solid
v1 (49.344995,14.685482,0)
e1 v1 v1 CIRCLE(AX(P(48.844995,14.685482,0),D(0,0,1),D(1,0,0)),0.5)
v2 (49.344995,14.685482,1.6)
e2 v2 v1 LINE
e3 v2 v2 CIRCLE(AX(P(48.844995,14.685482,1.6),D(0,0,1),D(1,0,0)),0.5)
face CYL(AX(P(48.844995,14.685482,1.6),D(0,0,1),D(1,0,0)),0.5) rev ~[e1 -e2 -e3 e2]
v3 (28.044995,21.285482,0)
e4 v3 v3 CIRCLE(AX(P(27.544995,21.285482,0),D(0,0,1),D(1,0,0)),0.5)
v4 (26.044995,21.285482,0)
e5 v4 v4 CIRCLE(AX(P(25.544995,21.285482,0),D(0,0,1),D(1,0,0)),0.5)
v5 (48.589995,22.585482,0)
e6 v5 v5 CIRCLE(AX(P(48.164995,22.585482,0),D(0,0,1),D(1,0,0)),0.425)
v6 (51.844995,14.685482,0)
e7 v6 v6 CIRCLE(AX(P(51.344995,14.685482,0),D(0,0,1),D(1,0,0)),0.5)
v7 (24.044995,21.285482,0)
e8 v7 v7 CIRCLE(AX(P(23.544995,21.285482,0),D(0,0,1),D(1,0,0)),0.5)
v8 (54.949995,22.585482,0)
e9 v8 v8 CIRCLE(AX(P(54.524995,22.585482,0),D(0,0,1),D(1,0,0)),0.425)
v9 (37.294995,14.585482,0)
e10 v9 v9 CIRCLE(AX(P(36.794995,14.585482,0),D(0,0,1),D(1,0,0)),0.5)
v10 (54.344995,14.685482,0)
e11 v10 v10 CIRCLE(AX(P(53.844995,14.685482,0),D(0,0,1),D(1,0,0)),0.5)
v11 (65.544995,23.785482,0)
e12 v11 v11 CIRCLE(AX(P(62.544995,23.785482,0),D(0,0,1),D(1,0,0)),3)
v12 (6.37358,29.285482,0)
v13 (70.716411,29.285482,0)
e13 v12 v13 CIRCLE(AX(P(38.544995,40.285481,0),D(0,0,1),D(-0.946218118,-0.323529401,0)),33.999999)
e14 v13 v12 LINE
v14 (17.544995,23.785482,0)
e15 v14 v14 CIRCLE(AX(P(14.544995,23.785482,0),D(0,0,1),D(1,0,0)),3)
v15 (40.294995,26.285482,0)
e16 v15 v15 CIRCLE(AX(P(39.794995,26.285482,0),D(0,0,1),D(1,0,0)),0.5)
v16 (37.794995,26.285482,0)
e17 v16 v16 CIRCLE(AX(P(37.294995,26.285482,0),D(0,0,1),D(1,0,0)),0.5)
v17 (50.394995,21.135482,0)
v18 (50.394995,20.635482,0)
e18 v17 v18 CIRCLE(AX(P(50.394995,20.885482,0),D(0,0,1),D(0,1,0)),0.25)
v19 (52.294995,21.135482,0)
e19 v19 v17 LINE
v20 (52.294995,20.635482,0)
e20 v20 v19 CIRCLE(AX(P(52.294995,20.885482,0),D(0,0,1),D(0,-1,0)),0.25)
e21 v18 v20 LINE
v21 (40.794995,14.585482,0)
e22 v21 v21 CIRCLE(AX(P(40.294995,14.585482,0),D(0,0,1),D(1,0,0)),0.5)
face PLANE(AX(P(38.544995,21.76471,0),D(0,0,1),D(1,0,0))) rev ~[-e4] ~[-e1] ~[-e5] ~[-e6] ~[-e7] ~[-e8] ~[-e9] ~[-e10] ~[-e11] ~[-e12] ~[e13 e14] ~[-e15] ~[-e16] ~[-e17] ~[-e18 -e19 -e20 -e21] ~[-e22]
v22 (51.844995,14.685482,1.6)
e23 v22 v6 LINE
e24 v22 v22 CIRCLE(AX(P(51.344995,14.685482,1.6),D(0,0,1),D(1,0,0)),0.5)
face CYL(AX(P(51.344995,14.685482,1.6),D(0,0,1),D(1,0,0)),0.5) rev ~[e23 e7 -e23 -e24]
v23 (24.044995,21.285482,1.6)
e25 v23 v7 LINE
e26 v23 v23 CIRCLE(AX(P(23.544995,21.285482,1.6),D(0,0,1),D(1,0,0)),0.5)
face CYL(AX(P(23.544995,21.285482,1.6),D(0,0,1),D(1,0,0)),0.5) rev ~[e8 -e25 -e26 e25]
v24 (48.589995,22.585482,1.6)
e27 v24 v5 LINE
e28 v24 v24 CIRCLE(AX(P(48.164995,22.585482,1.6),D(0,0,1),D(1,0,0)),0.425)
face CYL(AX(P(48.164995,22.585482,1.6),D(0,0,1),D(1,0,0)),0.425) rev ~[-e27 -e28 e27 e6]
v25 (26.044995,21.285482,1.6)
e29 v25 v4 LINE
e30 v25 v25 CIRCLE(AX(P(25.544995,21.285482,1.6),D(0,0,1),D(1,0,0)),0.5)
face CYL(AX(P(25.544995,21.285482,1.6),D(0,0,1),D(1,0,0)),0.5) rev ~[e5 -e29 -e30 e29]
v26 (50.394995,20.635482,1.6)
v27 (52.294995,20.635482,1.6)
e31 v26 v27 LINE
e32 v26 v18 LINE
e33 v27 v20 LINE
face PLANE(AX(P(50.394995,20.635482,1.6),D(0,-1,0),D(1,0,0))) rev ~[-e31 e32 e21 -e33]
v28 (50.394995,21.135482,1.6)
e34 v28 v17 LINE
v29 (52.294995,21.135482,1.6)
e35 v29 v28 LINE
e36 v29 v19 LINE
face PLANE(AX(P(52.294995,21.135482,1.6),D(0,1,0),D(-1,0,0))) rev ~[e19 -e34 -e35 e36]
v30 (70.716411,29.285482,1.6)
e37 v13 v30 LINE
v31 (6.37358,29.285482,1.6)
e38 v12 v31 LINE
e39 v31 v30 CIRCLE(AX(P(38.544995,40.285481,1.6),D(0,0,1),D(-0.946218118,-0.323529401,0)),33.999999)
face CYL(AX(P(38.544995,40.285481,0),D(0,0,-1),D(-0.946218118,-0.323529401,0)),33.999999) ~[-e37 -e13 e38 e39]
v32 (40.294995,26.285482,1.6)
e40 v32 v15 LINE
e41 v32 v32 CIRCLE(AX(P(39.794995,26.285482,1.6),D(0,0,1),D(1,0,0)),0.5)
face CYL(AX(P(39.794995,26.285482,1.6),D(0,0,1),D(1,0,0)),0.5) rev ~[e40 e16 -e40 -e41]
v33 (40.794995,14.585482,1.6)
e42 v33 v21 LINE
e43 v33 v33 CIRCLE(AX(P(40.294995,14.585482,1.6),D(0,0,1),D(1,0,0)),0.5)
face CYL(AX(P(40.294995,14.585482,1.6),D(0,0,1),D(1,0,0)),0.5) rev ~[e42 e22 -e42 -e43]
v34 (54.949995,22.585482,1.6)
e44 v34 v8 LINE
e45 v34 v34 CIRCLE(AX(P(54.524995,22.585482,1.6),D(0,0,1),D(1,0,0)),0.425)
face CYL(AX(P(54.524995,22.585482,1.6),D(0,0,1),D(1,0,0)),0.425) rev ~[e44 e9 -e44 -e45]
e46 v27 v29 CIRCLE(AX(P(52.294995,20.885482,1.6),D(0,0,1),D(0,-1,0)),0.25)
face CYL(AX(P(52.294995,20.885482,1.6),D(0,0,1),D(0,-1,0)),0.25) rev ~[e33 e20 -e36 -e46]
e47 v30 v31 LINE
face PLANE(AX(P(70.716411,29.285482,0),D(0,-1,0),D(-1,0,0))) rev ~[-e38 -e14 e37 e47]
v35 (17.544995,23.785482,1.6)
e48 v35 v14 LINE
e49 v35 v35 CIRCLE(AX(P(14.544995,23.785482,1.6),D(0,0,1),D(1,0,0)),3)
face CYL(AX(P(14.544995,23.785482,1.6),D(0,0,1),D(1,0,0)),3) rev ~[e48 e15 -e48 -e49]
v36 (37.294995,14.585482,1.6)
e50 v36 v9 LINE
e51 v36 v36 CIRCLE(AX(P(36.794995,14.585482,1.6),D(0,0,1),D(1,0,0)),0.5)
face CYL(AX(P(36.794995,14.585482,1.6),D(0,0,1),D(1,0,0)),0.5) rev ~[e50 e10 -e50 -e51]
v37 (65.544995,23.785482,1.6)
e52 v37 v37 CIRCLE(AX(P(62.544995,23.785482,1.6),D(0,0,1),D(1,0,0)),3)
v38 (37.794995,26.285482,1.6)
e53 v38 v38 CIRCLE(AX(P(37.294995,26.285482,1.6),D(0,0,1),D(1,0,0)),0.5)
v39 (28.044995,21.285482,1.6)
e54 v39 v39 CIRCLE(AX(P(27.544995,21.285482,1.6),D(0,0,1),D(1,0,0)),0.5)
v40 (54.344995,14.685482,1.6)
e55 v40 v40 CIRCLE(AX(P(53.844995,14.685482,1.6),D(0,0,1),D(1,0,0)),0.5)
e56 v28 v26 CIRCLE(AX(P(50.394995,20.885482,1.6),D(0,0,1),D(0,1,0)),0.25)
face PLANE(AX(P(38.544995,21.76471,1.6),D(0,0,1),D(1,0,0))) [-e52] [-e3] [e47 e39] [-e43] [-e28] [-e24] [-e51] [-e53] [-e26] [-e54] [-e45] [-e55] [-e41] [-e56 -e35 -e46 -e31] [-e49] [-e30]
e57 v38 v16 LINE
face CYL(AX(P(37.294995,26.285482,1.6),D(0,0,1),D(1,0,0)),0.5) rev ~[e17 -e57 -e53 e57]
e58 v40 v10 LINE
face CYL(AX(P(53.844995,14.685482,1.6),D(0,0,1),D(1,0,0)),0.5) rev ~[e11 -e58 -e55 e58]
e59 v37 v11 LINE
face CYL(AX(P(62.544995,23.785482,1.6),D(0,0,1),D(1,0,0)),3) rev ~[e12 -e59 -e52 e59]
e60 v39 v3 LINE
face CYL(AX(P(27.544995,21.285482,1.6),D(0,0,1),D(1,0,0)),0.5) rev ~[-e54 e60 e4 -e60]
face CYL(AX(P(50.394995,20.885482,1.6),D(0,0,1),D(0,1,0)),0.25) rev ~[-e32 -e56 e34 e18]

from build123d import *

# Parameters (mm, degrees)
F1_DEPTH  = 1.6
F2_R      = 3
F3_DEPTH  = 3
F6_R      = 0.5
F7_R      = 0.5
F8_R      = 0.5
F5_R      = 0.425
F4_R      = 0.5
F9_DEPTH  = 4
F10_R     = 2.1
F11_DEPTH = 0.2


with BuildPart() as f1:
    # F0 (on Top) → F1 (new body)
    with BuildSketch(Plane.XY):
        with BuildLine():
            Line((70.716411, 29.285482), (6.37358, 29.285482))
            ThreePointArc((6.37358, 29.285482), (38.544995, 6.285482), (70.716411, 29.285482))
        make_face()
    extrude(amount=F1_DEPTH)

    # F2 (on face) → F3 (cut)
    with BuildSketch(Plane.XY.offset(1.6)):
        with Locations((14.544995, 23.785482)):
            Circle(F2_R)
        with Locations((62.544995, 23.785482)):
            Circle(F2_R)
    extrude(amount=-F3_DEPTH, mode=Mode.SUBTRACT)

    # F6 (on face) + F7 (on face) + F8 (on face) + F5 (on face) + F4 (on face) → F9 (cut)
    with BuildSketch(Plane.XY.offset(1.6)):
        with Locations((48.844995, 14.685482)):
            Circle(F6_R)
        with Locations((53.844995, 14.685482)):
            Circle(F6_R)
        with Locations((51.344995, 14.685482)):
            Circle(F6_R)
    with BuildSketch(Plane.XY.offset(1.6)):
        with Locations((37.294995, 26.285482)):
            Circle(F7_R)
        with Locations((39.794995, 26.285482)):
            Circle(F7_R)
    with BuildSketch(Plane.XY.offset(1.6)):
        with Locations((36.794995, 14.585482)):
            Circle(F8_R)
        with Locations((40.294995, 14.585482)):
            Circle(F8_R)
    with BuildSketch(Plane.XY.offset(1.6)):
        with BuildLine():
            ThreePointArc((50.394995, 21.135482), (50.144995, 20.885482), (50.394995, 20.635482))
            Line((50.394995, 20.635482), (52.294995, 20.635482))
            ThreePointArc((52.294995, 20.635482), (52.544995, 20.885482), (52.294995, 21.135482))
            Line((52.294995, 21.135482), (50.394995, 21.135482))
        make_face()
        with Locations((48.164995, 22.585482)):
            Circle(F5_R)
        with Locations((54.524995, 22.585482)):
            Circle(F5_R)
    with BuildSketch(Plane.XY.offset(1.6)):
        with Locations((23.544995, 21.285482)):
            Circle(F4_R)
        with Locations((25.544995, 21.285482)):
            Circle(F4_R)
        with Locations((27.544995, 21.285482)):
            Circle(F4_R)
    extrude(amount=-F9_DEPTH, mode=Mode.SUBTRACT)

    # F10 (on face) → F11 (cut)
    with BuildSketch(Plane(origin=(0, 0, 0), x_dir=(1, 0, 0), z_dir=(0, 0, -1))):
        with Locations((62.544995, -23.785482)):
            Circle(F10_R)
        with Locations((14.544995, -23.785482)):
            Circle(F10_R)
    extrude(amount=-F11_DEPTH, mode=Mode.SUBTRACT)


solid = f1.part
